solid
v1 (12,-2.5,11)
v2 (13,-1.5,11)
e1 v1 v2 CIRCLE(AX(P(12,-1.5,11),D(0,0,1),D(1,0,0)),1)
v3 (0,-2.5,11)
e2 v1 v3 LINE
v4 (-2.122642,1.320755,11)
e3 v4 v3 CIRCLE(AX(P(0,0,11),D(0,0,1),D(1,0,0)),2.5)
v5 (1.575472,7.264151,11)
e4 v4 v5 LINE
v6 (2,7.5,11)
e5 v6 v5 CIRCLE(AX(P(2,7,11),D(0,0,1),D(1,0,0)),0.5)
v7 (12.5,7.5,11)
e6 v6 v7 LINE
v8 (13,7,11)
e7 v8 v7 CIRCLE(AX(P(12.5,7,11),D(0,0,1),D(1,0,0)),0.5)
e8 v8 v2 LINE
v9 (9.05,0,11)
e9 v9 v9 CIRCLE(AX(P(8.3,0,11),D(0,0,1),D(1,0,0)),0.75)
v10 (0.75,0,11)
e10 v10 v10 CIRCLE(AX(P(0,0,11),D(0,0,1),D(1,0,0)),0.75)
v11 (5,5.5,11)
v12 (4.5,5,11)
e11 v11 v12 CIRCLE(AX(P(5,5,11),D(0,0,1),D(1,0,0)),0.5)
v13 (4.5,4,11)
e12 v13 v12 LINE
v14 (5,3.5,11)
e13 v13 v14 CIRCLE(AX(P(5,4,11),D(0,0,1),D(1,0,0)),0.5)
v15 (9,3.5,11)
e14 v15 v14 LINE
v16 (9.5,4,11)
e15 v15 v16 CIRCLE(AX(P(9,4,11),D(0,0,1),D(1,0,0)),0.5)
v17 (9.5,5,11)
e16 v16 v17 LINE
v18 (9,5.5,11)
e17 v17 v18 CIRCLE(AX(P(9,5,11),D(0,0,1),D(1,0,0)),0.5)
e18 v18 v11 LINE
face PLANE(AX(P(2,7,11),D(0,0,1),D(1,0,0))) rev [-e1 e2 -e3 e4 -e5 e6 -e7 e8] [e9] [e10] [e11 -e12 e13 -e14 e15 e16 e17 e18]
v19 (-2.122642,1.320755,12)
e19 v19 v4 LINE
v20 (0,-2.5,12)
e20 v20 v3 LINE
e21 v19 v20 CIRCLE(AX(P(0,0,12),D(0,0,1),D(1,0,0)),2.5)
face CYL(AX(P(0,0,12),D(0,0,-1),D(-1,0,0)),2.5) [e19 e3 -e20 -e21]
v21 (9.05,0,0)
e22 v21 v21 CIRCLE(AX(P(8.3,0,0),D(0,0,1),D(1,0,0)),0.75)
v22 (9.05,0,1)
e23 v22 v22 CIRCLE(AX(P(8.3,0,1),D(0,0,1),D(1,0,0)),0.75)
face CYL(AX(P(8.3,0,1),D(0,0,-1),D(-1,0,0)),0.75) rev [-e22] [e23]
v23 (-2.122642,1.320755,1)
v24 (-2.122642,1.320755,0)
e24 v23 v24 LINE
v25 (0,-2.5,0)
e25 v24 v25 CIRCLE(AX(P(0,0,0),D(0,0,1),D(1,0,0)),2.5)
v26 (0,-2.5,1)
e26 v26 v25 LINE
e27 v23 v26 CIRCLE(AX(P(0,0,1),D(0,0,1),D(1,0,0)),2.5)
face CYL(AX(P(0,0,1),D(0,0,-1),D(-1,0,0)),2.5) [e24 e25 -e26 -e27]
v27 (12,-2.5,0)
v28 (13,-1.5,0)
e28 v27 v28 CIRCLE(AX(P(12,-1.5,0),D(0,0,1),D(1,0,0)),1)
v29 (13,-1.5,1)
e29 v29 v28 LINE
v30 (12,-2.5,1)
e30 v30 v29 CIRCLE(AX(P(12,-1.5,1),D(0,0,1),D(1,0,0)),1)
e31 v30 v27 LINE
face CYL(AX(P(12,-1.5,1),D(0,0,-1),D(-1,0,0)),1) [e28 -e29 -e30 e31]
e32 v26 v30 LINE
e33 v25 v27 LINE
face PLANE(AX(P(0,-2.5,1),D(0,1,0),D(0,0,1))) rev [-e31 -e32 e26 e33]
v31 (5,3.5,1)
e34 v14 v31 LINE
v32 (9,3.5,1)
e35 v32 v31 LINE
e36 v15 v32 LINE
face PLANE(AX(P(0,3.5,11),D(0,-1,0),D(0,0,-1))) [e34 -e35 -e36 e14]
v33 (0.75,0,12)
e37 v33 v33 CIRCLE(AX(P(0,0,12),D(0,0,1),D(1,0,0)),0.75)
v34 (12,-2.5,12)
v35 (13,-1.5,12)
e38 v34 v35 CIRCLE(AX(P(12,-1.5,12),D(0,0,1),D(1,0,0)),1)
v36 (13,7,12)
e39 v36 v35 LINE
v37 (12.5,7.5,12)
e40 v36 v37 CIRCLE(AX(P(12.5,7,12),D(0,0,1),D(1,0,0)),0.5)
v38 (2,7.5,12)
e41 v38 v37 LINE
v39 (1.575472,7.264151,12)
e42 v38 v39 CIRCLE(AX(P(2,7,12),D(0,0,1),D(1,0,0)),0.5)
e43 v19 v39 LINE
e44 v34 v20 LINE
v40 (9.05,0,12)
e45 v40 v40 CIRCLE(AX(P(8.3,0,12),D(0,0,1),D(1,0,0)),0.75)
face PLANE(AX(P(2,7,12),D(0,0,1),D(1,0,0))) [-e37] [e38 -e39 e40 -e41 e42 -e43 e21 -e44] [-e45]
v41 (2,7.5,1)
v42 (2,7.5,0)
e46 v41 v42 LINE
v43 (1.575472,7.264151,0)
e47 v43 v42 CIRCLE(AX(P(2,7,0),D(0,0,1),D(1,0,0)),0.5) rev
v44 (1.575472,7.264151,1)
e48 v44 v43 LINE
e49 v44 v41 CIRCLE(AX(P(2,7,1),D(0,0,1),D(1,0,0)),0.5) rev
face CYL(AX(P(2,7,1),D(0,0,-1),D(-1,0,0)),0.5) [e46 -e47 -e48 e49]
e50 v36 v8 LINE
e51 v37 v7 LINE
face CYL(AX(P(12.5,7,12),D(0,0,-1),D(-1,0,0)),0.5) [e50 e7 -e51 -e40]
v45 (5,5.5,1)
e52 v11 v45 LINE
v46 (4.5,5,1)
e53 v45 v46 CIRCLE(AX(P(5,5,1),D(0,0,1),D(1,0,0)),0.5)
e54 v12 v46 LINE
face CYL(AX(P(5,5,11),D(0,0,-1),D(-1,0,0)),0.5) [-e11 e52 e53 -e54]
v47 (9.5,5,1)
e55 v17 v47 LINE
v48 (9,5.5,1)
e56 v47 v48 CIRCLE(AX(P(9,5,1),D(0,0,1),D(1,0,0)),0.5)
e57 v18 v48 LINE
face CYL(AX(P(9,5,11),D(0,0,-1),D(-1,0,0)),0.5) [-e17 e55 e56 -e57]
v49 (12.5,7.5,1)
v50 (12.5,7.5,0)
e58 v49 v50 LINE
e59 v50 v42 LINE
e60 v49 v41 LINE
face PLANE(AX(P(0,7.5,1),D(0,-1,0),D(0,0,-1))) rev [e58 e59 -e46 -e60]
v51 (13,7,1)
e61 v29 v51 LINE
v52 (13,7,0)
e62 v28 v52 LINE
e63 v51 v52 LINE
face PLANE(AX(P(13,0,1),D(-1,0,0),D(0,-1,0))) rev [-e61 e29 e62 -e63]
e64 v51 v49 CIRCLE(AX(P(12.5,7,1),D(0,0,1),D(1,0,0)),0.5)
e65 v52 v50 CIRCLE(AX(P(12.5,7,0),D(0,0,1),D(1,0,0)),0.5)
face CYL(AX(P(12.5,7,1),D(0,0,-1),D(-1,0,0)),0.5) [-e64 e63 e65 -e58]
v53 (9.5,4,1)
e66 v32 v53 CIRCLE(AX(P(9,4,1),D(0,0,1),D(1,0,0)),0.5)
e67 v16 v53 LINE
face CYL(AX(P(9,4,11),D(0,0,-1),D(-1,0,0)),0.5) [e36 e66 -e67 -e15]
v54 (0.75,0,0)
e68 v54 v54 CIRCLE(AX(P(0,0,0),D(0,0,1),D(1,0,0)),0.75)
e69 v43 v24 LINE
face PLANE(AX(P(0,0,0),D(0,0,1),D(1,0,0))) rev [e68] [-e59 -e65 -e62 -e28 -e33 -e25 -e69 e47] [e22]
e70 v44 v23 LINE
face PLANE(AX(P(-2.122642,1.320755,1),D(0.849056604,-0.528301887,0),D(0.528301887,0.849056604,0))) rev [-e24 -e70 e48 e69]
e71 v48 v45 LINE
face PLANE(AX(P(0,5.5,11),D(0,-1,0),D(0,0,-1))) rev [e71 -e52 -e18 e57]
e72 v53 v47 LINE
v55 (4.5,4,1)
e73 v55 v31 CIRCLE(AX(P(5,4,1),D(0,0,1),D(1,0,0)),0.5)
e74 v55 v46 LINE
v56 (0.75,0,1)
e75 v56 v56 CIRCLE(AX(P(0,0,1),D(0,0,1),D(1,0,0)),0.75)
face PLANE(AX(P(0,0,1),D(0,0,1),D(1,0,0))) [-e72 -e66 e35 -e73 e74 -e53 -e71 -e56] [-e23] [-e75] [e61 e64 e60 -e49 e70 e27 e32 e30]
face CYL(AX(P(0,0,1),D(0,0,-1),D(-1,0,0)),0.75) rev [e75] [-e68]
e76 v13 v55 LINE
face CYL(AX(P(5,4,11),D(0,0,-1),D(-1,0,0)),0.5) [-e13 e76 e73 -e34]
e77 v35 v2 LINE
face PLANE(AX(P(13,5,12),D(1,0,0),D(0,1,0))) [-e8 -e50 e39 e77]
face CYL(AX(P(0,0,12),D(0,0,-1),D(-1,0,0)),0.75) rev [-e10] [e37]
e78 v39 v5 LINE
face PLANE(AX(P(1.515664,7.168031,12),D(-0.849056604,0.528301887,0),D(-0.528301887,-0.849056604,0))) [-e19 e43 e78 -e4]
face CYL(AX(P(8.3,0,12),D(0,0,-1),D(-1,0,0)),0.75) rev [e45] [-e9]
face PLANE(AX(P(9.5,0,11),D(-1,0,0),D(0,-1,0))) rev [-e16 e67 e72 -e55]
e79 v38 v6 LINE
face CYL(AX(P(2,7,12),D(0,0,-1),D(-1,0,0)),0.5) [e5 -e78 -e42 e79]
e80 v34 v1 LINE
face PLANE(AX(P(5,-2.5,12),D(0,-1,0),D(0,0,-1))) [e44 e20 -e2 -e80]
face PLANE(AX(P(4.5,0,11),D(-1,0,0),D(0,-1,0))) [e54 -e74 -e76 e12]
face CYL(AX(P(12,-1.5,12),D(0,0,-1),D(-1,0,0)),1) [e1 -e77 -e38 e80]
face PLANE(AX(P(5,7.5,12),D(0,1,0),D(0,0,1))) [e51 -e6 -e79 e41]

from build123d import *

# Parameters (mm, degrees)
SKETCH1_R           = 0.75
BOSS_EXTRUDE1_DEPTH = 1
BOSS_EXTRUDE2_START = 1
BOSS_EXTRUDE2_DEPTH = 10
BOSS_EXTRUDE3_START = 11
SKETCH1_4_R         = 0.75
BOSS_EXTRUDE3_DEPTH = 1


with BuildPart() as part:
    # Sketch1 → Boss-Extrude1 (new body)
    with BuildSketch(Plane.XY):
        with BuildLine():
            Line((1.575471698, 7.264150943), (-2.122641509, 1.320754717))
            ThreePointArc((-2.122641509, 1.320754717), (-2.18539319, -1.214107328), (0, -2.5))
            Line((0, -2.5), (12, -2.5))
            ThreePointArc((12, -2.5), (12.707106781, -2.207106781), (13, -1.5))
            Line((13, -1.5), (13, 7))
            ThreePointArc((13, 7), (12.853553391, 7.353553391), (12.5, 7.5))
            Line((12.5, 7.5), (2, 7.5))
            ThreePointArc((2, 7.5), (1.757178534, 7.437078638), (1.575471698, 7.264150943))
        make_face()
        Circle(SKETCH1_R, mode=Mode.SUBTRACT)
        with Locations((8.3, 0)):
            Circle(SKETCH1_R, mode=Mode.SUBTRACT)
    extrude(amount=BOSS_EXTRUDE1_DEPTH)

    # Sketch1<3> → Boss-Extrude2 (add)
    with BuildSketch(Plane.XY.offset(BOSS_EXTRUDE2_START)):
        with BuildLine():
            Line((5, 5.5), (9, 5.5))
            ThreePointArc((9, 5.5), (9.353553391, 5.353553391), (9.5, 5))
            Line((9.5, 5), (9.5, 4))
            ThreePointArc((9.5, 4), (9.353553391, 3.646446609), (9, 3.5))
            Line((9, 3.5), (5, 3.5))
            ThreePointArc((5, 3.5), (4.646446609, 3.646446609), (4.5, 4))
            Line((4.5, 4), (4.5, 5))
            ThreePointArc((4.5, 5), (4.646446609, 5.353553391), (5, 5.5))
        make_face()
    extrude(amount=BOSS_EXTRUDE2_DEPTH)

    # Sketch1<4> → Boss-Extrude3 (add)
    with BuildSketch(Plane.XY.offset(BOSS_EXTRUDE3_START)):
        with BuildLine():
            Line((1.575471698, 7.264150943), (-2.122641509, 1.320754717))
            ThreePointArc((-2.122641509, 1.320754717), (-2.18539319, -1.214107328), (0, -2.5))
            Line((0, -2.5), (12, -2.5))
            ThreePointArc((12, -2.5), (12.707106781, -2.207106781), (13, -1.5))
            Line((13, -1.5), (13, 7))
            ThreePointArc((13, 7), (12.853553391, 7.353553391), (12.5, 7.5))
            Line((12.5, 7.5), (2, 7.5))
            ThreePointArc((2, 7.5), (1.757178534, 7.437078638), (1.575471698, 7.264150943))
        make_face()
        Circle(SKETCH1_4_R, mode=Mode.SUBTRACT)
        with Locations((8.3, 0)):
            Circle(SKETCH1_4_R, mode=Mode.SUBTRACT)
    extrude(amount=BOSS_EXTRUDE3_DEPTH)


solid = part.part
